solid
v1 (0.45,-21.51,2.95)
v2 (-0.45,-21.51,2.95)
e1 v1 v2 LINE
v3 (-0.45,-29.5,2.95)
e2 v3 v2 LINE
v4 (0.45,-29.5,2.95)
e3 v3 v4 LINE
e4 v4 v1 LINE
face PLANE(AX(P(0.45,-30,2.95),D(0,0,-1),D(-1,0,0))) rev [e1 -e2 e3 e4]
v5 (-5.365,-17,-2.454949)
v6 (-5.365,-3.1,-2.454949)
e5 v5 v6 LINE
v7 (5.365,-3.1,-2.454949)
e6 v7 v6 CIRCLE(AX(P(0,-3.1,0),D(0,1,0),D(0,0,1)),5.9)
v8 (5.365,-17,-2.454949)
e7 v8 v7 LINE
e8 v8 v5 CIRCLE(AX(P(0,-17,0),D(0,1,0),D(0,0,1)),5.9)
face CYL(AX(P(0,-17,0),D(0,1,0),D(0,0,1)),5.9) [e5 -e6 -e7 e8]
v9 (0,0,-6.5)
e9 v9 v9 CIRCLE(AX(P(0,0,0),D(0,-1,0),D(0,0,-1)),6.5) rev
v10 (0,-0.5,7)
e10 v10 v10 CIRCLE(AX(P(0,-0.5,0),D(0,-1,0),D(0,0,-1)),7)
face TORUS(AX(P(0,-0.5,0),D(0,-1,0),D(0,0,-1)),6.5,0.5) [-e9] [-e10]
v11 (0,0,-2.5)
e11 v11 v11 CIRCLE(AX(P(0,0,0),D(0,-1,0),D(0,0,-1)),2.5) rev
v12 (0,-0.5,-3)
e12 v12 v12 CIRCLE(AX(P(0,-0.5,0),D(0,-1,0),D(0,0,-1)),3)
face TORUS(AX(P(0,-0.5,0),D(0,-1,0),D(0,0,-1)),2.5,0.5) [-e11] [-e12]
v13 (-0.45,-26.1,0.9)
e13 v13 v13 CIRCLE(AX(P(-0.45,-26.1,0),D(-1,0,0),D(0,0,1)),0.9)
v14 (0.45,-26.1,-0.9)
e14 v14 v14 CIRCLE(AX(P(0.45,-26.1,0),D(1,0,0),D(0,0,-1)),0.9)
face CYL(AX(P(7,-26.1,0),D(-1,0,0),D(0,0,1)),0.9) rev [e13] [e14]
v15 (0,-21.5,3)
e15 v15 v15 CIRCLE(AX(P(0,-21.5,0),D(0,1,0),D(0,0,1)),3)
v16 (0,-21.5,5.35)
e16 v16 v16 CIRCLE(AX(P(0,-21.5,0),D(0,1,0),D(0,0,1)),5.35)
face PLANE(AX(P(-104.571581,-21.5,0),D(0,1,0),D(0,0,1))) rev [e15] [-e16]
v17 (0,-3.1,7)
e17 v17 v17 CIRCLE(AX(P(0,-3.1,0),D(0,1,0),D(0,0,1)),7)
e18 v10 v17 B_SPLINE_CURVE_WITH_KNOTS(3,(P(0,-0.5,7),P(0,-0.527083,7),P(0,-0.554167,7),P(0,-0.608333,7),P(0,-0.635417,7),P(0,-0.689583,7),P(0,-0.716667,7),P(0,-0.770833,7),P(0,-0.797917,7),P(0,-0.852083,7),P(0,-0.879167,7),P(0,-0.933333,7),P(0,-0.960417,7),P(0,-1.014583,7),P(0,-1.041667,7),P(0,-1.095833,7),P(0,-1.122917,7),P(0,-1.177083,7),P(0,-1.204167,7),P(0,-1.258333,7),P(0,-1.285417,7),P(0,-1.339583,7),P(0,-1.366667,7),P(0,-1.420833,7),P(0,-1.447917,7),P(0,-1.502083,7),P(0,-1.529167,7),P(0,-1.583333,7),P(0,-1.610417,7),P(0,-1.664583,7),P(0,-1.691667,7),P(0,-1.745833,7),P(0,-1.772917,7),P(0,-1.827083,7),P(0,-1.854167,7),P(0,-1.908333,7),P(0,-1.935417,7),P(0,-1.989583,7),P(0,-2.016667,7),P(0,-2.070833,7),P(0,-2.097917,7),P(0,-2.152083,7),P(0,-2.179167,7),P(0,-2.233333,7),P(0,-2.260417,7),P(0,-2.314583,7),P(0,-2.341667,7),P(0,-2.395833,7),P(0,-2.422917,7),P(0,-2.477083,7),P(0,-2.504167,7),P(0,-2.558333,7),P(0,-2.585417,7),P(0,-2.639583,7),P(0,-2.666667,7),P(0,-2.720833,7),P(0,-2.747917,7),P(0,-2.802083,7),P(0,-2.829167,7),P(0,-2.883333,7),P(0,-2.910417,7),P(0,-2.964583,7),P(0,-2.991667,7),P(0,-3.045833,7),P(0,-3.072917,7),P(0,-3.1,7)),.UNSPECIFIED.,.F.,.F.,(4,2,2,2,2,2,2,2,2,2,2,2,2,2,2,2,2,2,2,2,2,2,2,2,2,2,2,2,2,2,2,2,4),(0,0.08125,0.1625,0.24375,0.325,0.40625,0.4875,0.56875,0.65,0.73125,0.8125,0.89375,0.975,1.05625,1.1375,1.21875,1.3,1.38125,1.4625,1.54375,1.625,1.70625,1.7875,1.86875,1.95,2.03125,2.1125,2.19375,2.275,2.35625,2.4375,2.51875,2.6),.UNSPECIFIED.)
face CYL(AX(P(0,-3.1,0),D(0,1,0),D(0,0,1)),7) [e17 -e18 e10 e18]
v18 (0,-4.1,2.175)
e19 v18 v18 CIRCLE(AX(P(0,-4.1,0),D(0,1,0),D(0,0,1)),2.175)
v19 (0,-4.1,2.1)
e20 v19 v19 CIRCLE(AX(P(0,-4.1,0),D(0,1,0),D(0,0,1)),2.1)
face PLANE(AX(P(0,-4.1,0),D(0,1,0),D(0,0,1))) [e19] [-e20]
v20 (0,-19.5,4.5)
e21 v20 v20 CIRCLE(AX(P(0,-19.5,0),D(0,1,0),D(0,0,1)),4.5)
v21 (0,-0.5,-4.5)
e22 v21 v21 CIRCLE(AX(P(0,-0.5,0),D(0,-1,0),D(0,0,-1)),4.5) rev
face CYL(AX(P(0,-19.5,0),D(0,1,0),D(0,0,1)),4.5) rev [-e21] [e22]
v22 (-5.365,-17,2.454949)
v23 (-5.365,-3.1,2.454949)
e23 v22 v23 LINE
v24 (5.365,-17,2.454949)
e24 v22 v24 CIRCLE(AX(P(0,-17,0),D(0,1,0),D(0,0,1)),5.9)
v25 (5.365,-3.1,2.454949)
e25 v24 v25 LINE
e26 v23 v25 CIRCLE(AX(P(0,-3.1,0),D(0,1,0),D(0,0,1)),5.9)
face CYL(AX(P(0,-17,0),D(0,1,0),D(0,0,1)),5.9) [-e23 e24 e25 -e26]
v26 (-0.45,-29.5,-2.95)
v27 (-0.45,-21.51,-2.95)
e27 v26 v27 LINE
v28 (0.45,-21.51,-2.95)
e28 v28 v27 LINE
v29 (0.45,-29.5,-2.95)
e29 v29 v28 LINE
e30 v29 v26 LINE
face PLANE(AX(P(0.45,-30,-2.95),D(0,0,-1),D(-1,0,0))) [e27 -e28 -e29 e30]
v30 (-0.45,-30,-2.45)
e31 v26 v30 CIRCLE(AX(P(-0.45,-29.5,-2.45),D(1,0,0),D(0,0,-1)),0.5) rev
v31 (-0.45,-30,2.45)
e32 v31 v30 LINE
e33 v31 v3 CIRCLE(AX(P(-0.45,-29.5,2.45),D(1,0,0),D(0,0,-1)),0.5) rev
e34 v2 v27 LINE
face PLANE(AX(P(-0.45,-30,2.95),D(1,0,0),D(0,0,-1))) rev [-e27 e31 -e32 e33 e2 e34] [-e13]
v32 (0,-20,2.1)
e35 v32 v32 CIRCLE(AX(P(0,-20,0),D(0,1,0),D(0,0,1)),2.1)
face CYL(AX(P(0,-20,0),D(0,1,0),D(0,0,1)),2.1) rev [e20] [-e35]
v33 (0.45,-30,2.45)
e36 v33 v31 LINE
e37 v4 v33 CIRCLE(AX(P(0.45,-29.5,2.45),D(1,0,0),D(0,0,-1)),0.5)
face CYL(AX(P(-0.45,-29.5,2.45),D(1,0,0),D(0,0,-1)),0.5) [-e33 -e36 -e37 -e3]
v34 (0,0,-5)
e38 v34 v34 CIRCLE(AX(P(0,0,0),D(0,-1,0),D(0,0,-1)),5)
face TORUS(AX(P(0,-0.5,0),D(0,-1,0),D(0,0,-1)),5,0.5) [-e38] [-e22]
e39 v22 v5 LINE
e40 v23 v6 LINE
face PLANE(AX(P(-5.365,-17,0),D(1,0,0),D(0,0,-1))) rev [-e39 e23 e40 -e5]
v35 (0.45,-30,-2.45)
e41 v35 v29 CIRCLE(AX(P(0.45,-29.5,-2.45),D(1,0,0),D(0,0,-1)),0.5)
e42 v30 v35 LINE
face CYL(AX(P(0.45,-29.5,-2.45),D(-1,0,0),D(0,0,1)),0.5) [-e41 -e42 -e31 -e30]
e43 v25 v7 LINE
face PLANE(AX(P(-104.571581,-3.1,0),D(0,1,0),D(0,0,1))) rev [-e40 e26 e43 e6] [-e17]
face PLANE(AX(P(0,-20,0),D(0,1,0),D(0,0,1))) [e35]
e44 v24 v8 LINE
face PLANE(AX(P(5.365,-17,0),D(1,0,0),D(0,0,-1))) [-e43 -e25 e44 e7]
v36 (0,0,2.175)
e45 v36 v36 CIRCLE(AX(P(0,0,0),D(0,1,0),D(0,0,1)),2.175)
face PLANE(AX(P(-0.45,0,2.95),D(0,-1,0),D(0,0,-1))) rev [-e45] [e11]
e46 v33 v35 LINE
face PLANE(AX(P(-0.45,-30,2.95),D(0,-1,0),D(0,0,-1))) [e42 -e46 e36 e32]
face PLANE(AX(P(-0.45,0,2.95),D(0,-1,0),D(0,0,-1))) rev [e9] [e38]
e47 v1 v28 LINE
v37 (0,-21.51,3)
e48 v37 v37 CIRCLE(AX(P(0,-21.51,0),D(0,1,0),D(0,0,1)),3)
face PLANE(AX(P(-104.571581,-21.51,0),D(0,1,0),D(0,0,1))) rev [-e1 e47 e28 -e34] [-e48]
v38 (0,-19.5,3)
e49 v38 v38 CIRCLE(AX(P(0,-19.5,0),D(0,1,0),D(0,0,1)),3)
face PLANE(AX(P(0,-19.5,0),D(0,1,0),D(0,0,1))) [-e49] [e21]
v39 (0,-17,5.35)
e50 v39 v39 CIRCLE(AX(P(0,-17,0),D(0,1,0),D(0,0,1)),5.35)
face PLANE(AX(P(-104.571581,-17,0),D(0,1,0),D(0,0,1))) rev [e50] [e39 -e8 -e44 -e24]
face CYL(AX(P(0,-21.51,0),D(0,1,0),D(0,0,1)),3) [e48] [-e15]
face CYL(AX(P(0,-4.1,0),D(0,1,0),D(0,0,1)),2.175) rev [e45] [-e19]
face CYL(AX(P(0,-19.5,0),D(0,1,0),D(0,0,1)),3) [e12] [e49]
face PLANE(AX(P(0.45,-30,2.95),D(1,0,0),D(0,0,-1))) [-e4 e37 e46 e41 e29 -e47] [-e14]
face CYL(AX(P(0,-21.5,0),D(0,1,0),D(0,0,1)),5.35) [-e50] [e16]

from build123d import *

# Parameters (mm, degrees)
SKETCH1_W           = 0.9
SKETCH1_H           = 5.9
BOSS_EXTRUDE1_DEPTH = 30
SKETCH1_3_R         = 3
SKETCH1_3_W         = 0.9
SKETCH1_3_H         = 5.9
BOSS_EXTRUDE2_DEPTH = 21.51
SKETCH1_4_R         = 5.35
SKETCH1_4_R_2       = 3
BOSS_EXTRUDE3_DEPTH = 21.5
SKETCH1_5_R         = 5.35
BOSS_EXTRUDE4_DEPTH = 17
SKETCH1_6_R         = 7
BOSS_EXTRUDE5_DEPTH = 3.1
SKETCH2_R           = 4.5
SKETCH2_R_2         = 3
CUT_EXTRUDE1_DEPTH  = 19.5
SKETCH3_R           = 2.175
CUT_EXTRUDE2_DEPTH  = 4.1
SKETCH4_R           = 2.1
CUT_EXTRUDE3_DEPTH  = 15.9
SKETCH5_R           = 0.9
CUT_EXTRUDE4_DEPTH  = 32.693887423
FILLET1_R           = 0.5


with BuildPart() as part:
    # Sketch1 → Boss-Extrude1 (new body)
    with BuildSketch(Plane(origin=(0, 0, 0), x_dir=(1, 0, 0), z_dir=(0, 1, 0))):
        Rectangle(SKETCH1_W, SKETCH1_H)
    extrude(amount=-BOSS_EXTRUDE1_DEPTH)

    # Sketch1<3> → Boss-Extrude2 (add)
    with BuildSketch(Plane(origin=(0, 0, 0), x_dir=(1, 0, 0), z_dir=(0, 1, 0))):
        Circle(SKETCH1_3_R)
        Rectangle(SKETCH1_3_W, SKETCH1_3_H, mode=Mode.SUBTRACT)
    extrude(amount=-BOSS_EXTRUDE2_DEPTH)

    # Sketch1<4> → Boss-Extrude3 (add)
    with BuildSketch(Plane(origin=(0, 0, 0), x_dir=(1, 0, 0), z_dir=(0, 1, 0))):
        Circle(SKETCH1_4_R)
        Circle(SKETCH1_4_R_2, mode=Mode.SUBTRACT)
    extrude(amount=-BOSS_EXTRUDE3_DEPTH)

    # Sketch1<5> → Boss-Extrude4 (add)
    with BuildSketch(Plane(origin=(0, 0, 0), x_dir=(1, 0, 0), z_dir=(0, 1, 0))):
        with BuildLine():
            ThreePointArc((-5.365, -2.454949083), (0, -5.9), (5.365, -2.454949083))
            Line((5.365, -2.454949083), (5.365, 2.454949083))
            ThreePointArc((5.365, 2.454949083), (0, 5.9), (-5.365, 2.454949083))
            Line((-5.365, 2.454949083), (-5.365, -2.454949083))
        make_face()
        Circle(SKETCH1_5_R, mode=Mode.SUBTRACT)
    extrude(amount=-BOSS_EXTRUDE4_DEPTH)

    # Sketch1<6> → Boss-Extrude5 (add)
    with BuildSketch(Plane(origin=(0, 0, 0), x_dir=(1, 0, 0), z_dir=(0, 1, 0))):
        Circle(SKETCH1_6_R)
        with BuildLine():
            ThreePointArc((5.365, -2.454949083), (0, -5.9), (-5.365, -2.454949083))
            Line((-5.365, -2.454949083), (-5.365, 2.454949083))
            ThreePointArc((-5.365, 2.454949083), (0, 5.9), (5.365, 2.454949083))
            Line((5.365, 2.454949083), (5.365, -2.454949083))
        make_face(mode=Mode.SUBTRACT)
    extrude(amount=-BOSS_EXTRUDE5_DEPTH)

    # Sketch2 → Cut-Extrude1 (cut)
    with BuildSketch(Plane(origin=(0, 0, 0), x_dir=(1, 0, 0), z_dir=(0, 1, 0))):
        Circle(SKETCH2_R)
        Circle(SKETCH2_R_2, mode=Mode.SUBTRACT)
    extrude(amount=-CUT_EXTRUDE1_DEPTH, mode=Mode.SUBTRACT)

    # Sketch3 → Cut-Extrude2 (cut)
    with BuildSketch(Plane(origin=(0, 0, 0), x_dir=(1, 0, 0), z_dir=(0, 1, 0))):
        Circle(SKETCH3_R)
    extrude(amount=-CUT_EXTRUDE2_DEPTH, mode=Mode.SUBTRACT)

    # Sketch4 → Cut-Extrude3 (cut)
    with BuildSketch(Plane(origin=(0, -4.1, 0), x_dir=(1, 0, 0), z_dir=(0, 1, 0))):
        Circle(SKETCH4_R)
    extrude(amount=-CUT_EXTRUDE3_DEPTH, mode=Mode.SUBTRACT)

    # Sketch5 → Cut-Extrude4 (cut, through all)
    with BuildSketch(Plane.ZY.offset(0.45)):
        with Locations((0, -26.1)):
            Circle(SKETCH5_R)
    extrude(amount=-CUT_EXTRUDE4_DEPTH, mode=Mode.SUBTRACT)

    # Fillet1
    fillet1_edges = [part.edges().sort_by_distance(p)[0] for p in [
        (-3, 0, 0),
        (-4.5, 0, 0),
        (-7, 0, 0),
        (0, -30, 2.95),
        (0, -30, -2.95),
    ]]
    fillet(fillet1_edges, radius=FILLET1_R)


solid = part.part
